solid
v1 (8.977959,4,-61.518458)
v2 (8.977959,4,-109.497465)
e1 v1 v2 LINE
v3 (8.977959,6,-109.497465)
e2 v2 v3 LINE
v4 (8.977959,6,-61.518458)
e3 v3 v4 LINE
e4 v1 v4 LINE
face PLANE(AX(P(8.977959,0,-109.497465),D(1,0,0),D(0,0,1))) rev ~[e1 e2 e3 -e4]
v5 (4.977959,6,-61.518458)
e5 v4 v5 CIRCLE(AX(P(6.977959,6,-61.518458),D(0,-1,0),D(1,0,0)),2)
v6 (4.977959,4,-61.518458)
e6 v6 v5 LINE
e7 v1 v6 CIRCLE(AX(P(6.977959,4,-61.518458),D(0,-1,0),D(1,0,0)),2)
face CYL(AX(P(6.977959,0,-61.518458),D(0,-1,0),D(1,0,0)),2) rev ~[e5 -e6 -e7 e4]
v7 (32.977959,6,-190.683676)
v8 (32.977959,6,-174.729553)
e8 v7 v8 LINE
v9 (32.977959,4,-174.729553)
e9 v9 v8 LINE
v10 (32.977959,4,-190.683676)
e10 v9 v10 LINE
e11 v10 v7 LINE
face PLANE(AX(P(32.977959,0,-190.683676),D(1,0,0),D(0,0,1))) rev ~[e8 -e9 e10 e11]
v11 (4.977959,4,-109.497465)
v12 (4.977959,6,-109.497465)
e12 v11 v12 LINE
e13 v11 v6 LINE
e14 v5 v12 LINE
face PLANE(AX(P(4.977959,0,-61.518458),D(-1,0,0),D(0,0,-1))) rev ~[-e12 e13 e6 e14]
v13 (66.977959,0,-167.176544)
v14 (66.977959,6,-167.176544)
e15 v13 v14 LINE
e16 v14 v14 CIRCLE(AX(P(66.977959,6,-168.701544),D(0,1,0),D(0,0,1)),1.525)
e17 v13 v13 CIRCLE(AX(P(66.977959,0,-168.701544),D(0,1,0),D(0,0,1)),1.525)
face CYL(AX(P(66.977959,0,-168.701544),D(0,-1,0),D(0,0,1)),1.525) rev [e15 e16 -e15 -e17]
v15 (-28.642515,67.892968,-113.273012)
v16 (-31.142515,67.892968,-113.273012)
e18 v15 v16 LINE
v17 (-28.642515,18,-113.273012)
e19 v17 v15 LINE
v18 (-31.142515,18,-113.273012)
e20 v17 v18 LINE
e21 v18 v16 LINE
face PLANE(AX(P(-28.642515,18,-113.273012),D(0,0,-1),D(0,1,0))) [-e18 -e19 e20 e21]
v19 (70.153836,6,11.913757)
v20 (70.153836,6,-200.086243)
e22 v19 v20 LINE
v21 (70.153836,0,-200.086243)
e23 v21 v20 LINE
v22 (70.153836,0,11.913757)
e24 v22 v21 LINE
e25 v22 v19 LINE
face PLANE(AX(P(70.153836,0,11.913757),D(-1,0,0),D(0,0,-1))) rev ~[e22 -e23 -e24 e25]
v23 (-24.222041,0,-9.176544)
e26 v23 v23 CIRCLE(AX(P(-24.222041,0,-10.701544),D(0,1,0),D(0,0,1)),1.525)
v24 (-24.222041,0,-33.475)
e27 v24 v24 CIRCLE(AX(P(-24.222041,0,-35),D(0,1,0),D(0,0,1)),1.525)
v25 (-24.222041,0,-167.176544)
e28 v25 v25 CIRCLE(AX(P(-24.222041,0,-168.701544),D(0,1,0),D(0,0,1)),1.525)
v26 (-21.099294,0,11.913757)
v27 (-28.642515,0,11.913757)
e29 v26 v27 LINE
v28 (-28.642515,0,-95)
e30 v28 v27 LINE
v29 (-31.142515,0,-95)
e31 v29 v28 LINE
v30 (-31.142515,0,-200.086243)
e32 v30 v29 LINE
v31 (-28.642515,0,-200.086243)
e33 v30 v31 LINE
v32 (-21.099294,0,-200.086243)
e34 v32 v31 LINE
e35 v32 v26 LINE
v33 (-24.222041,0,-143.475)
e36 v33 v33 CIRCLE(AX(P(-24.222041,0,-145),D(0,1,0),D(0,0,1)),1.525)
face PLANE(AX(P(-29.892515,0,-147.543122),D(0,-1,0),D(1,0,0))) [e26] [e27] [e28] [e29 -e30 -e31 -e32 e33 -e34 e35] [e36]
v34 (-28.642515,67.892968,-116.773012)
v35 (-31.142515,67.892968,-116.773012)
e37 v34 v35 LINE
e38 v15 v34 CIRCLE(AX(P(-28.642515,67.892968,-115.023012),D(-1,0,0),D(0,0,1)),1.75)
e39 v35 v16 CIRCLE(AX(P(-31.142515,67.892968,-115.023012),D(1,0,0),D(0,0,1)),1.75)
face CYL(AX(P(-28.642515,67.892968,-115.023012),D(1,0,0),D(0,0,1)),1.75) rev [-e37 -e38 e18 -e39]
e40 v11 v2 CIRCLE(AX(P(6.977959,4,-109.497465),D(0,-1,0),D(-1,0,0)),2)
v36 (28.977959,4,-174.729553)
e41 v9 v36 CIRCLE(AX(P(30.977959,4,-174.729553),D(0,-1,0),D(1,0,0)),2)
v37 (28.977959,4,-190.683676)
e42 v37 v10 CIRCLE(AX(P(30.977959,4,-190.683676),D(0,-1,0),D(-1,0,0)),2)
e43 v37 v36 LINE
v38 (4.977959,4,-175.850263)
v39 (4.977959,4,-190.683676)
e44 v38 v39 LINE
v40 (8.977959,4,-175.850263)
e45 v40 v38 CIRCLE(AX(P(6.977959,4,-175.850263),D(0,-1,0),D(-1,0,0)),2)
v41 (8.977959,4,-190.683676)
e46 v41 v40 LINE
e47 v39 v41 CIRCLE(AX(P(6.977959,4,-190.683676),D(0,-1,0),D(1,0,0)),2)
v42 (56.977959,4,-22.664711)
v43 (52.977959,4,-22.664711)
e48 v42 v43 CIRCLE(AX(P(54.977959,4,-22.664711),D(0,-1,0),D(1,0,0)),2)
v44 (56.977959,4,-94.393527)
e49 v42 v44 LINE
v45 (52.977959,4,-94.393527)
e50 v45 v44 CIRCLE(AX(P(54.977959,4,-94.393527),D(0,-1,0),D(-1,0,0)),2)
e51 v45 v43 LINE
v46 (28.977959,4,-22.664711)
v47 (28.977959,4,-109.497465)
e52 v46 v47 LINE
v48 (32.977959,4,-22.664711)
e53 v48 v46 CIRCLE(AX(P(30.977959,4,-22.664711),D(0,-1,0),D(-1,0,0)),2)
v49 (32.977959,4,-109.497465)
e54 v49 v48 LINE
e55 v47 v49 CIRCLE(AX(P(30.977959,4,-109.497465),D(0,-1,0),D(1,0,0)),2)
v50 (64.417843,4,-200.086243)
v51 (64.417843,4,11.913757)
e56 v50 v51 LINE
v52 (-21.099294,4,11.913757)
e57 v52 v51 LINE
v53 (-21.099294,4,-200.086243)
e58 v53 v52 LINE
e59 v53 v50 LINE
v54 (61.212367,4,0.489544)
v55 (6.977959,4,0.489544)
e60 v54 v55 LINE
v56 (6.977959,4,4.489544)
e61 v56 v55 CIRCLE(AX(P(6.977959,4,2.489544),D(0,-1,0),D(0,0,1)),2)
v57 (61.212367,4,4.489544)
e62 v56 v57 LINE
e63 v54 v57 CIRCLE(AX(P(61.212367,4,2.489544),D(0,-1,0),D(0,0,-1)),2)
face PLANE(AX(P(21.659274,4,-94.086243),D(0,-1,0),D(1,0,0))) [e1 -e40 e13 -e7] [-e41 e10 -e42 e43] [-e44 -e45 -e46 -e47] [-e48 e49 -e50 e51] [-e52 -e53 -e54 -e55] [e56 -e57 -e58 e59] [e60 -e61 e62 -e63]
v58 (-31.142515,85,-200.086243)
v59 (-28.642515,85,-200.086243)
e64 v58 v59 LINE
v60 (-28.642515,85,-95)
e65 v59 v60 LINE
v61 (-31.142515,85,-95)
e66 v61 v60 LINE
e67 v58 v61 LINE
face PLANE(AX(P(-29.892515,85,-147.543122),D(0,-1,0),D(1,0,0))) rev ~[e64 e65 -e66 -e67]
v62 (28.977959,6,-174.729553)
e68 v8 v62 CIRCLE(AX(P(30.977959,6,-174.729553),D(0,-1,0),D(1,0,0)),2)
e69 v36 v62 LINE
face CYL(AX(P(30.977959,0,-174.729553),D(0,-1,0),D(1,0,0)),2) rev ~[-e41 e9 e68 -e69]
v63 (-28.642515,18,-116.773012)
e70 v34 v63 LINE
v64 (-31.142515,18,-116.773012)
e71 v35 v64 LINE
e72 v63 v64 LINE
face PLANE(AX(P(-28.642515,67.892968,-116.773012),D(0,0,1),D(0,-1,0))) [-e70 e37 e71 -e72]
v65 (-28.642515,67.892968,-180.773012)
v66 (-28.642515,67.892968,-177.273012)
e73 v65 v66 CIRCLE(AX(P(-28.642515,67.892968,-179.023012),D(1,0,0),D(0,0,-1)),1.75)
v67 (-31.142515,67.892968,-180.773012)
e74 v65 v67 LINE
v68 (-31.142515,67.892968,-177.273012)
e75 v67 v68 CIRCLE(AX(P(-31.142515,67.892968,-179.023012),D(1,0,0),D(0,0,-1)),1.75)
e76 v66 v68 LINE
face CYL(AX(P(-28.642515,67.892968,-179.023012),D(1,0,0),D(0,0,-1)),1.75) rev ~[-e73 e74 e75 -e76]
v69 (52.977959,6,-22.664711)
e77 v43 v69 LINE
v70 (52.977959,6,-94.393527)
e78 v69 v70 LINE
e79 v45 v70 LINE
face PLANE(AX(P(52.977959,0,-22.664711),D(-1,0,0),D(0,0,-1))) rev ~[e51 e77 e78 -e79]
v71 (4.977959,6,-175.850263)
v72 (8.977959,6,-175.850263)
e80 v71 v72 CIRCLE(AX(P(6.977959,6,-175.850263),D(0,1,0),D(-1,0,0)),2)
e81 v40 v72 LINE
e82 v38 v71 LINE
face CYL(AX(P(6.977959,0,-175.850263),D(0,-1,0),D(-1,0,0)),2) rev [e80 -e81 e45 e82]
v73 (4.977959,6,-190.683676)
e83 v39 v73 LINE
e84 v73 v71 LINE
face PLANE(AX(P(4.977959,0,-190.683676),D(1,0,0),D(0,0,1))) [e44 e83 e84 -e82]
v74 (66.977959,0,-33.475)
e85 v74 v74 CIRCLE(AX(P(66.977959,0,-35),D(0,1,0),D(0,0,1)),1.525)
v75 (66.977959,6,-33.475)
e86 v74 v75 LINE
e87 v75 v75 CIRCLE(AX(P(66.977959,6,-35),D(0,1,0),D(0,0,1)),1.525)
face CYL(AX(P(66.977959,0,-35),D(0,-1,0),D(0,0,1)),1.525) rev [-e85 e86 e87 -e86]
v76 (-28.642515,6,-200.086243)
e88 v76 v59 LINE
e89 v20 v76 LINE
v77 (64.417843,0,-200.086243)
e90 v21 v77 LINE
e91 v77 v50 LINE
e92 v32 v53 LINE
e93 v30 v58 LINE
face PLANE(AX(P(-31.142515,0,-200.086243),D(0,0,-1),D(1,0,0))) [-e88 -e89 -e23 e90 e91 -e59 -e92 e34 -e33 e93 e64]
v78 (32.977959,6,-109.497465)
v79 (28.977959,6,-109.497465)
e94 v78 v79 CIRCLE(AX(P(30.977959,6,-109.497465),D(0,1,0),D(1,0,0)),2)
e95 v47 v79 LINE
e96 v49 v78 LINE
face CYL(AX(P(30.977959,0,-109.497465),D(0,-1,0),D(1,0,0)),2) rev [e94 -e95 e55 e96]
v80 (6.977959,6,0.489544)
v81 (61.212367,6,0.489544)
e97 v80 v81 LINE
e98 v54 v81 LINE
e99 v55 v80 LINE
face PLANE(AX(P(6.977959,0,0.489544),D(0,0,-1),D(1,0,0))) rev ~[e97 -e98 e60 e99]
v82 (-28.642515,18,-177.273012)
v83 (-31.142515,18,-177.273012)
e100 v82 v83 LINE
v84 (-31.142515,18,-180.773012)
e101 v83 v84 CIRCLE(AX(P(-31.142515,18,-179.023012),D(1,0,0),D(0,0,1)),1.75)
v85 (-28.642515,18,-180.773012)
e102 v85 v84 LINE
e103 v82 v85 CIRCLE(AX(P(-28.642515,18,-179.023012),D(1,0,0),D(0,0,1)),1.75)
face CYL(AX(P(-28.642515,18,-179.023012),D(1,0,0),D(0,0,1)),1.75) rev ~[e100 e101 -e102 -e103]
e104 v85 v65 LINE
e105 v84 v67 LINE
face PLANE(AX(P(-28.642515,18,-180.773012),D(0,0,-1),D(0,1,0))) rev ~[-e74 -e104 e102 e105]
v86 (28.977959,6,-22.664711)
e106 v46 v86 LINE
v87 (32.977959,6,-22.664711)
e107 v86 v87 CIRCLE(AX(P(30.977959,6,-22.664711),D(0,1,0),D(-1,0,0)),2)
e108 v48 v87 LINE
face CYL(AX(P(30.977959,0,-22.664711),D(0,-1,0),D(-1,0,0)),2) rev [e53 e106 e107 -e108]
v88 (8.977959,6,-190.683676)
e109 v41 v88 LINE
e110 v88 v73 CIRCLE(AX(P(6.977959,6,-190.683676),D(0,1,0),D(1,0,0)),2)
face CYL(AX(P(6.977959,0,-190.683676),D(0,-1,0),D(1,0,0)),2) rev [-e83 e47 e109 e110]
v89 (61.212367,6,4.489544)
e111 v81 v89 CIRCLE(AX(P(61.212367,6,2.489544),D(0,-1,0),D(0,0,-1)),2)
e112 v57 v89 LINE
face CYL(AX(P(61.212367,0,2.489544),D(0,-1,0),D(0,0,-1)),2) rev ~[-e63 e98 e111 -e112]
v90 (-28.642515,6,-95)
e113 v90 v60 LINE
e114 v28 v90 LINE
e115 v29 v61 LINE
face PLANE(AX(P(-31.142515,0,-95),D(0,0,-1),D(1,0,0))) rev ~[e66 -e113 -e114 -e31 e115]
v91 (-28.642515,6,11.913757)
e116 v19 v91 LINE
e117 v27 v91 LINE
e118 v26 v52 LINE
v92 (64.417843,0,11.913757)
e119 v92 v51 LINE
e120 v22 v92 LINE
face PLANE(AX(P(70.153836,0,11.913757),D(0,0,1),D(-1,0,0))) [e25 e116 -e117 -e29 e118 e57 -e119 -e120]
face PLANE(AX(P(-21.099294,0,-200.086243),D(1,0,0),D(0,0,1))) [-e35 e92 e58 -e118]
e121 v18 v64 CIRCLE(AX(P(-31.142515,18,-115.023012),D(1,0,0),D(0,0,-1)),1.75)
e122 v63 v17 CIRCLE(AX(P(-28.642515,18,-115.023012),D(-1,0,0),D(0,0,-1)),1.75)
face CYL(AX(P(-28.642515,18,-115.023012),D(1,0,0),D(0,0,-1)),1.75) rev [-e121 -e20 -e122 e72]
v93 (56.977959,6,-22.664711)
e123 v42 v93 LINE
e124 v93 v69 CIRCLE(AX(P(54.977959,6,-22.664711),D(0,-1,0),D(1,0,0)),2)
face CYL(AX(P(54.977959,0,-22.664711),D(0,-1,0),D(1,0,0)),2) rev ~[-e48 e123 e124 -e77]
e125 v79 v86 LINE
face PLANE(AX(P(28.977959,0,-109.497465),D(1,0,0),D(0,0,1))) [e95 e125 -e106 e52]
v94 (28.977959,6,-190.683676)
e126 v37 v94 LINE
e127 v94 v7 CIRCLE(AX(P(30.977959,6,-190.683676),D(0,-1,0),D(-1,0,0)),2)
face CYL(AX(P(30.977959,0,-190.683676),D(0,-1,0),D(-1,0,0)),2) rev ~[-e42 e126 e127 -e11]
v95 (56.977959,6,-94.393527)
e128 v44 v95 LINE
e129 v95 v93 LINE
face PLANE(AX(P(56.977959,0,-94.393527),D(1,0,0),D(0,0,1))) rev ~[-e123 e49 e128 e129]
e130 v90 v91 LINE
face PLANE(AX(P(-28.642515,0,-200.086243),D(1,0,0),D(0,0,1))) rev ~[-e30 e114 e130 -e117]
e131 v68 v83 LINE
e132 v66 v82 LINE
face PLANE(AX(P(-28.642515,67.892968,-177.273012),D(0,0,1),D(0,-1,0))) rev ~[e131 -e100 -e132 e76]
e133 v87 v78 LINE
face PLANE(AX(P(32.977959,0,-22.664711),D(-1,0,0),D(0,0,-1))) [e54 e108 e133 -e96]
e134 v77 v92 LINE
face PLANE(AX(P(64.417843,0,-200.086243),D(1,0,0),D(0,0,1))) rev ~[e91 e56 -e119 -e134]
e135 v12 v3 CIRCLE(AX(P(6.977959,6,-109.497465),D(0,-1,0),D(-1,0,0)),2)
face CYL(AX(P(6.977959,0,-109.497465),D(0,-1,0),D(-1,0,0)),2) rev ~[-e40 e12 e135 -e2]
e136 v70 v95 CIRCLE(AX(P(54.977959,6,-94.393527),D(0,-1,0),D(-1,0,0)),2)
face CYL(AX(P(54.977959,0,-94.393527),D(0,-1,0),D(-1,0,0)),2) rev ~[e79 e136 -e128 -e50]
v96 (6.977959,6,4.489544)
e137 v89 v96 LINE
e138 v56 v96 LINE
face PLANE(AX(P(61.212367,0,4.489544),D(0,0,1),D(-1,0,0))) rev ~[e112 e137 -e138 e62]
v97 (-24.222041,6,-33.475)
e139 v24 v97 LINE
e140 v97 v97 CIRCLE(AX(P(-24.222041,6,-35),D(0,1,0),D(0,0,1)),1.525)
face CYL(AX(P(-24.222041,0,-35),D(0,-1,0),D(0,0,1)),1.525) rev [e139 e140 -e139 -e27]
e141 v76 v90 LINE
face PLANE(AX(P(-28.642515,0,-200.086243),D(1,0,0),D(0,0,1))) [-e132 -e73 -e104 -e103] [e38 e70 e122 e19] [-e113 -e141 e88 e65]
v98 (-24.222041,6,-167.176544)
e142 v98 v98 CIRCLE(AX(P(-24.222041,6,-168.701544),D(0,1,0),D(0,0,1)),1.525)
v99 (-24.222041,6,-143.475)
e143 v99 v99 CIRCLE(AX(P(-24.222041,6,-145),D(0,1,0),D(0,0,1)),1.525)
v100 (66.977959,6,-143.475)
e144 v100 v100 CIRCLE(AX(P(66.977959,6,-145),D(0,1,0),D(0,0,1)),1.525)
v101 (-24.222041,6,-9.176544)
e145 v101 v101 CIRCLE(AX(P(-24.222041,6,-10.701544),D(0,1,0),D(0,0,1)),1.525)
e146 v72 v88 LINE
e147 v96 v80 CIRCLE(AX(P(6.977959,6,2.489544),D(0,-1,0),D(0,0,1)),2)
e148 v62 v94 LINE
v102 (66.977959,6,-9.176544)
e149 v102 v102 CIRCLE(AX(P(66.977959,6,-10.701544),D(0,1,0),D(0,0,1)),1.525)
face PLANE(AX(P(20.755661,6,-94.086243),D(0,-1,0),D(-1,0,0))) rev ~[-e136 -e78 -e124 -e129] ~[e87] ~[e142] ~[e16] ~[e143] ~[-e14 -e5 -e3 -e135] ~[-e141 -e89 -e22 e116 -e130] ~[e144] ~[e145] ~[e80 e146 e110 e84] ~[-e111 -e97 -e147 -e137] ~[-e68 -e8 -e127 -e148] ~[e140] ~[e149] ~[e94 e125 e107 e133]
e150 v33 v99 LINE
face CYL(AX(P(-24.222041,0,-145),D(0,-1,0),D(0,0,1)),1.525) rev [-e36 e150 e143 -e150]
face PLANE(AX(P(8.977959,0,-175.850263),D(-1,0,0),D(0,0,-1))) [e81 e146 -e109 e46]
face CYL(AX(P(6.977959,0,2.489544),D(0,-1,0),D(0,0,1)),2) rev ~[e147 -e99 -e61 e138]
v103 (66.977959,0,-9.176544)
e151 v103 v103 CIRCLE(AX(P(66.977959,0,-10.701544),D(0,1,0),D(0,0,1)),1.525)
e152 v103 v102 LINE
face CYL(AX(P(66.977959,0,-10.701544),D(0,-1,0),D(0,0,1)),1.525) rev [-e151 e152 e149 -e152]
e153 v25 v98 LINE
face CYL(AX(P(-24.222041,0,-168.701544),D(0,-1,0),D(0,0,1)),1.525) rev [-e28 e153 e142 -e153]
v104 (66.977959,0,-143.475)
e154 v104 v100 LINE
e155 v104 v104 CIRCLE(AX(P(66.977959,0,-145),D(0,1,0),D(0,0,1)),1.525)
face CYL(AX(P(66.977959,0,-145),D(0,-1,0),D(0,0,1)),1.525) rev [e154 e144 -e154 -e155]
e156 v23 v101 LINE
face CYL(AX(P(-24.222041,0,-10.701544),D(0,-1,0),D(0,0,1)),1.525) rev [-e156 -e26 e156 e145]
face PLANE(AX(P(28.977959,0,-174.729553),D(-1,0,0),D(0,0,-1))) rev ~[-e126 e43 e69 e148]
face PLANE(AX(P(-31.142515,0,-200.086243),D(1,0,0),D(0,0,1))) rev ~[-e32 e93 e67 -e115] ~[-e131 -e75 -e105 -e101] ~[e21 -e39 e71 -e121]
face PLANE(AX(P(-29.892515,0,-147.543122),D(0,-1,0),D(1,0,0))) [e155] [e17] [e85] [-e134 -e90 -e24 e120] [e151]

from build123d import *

# Parameters (mm, degrees)
SKETCH_1_R          = 1.525
EXTRUDE_1_DEPTH     = 6
SKETCH_4_W          = 2.5
SKETCH_4_H          = 105.086243491
EXTRUDE_3_DEPTH     = 85
CUT_EXTRUDE_1_DEPTH = 58
SKETCH_5_W          = 85.517137539
SKETCH_5_H          = 212
CUT_EXTRUDE_2_DEPTH = 4


with BuildPart() as part:
    # 草图1 → 凸台-拉伸1 (new body)
    with BuildSketch(Plane(origin=(0, 0, 0), x_dir=(1, 0, 0), z_dir=(0, 1, 0))):
        Polygon((0, 200.086243491), (70.15383623, 200.086243491), (70.15383623, 107.080558208), (70.15383623, -11.913756509), (-28.642514872, -11.913756509), (-28.642514872, 0.086243491), (-28.642514872, 200.086243491), (-10.033645843, 200.086243491), align=None)
        with Locations(Location((-24.222040848, 145, 0), (0, 0, 270))):
            Circle(SKETCH_1_R, mode=Mode.SUBTRACT)
        with Locations(Location((66.977959152, 145, 0), (0, 0, 270))):
            Circle(SKETCH_1_R, mode=Mode.SUBTRACT)
        with Locations(Location((66.977959152, 35, 0), (0, 0, 270))):
            Circle(SKETCH_1_R, mode=Mode.SUBTRACT)
        with Locations(Location((-24.222040848, 35, 0), (0, 0, 270))):
            Circle(SKETCH_1_R, mode=Mode.SUBTRACT)
        with Locations(Location((-24.222040848, 10.701543846, 0), (0, 0, 270))):
            Circle(SKETCH_1_R, mode=Mode.SUBTRACT)
        with Locations(Location((66.977959152, 10.701543846, 0), (0, 0, 270))):
            Circle(SKETCH_1_R, mode=Mode.SUBTRACT)
        with Locations(Location((66.977959152, 168.701543846, 0), (0, 0, 270))):
            Circle(SKETCH_1_R, mode=Mode.SUBTRACT)
        with Locations(Location((-24.222040848, 168.701543846, 0), (0, 0, 270))):
            Circle(SKETCH_1_R, mode=Mode.SUBTRACT)
        with BuildLine():
            Line((61.212367219, -4.489544392), (6.977959152, -4.489544392))
            ThreePointArc((6.977959152, -4.489544392), (4.977959152, -2.489544392), (6.977959152, -0.489544392))
            Line((6.977959152, -0.489544392), (8.977959152, -0.489544392))
            Line((8.977959152, -0.489544392), (28.977959152, -0.489544392))
            Line((28.977959152, -0.489544392), (32.977959152, -0.489544392))
            Line((32.977959152, -0.489544392), (52.977959152, -0.489544392))
            Line((52.977959152, -0.489544392), (56.977959152, -0.489544392))
            Line((56.977959152, -0.489544392), (61.212367219, -0.489544392))
            ThreePointArc((61.212367219, -0.489544392), (63.212367219, -2.489544392), (61.212367219, -4.489544392))
        make_face(mode=Mode.SUBTRACT)
        with BuildLine():
            Line((8.977959152, 109.497464931), (8.977959152, 61.518458116))
            ThreePointArc((8.977959152, 61.518458116), (6.977959152, 59.518458116), (4.977959152, 61.518458116))
            Line((4.977959152, 61.518458116), (4.977959152, 109.497464931))
            ThreePointArc((4.977959152, 109.497464931), (6.977959152, 111.497464931), (8.977959152, 109.497464931))
        make_face(mode=Mode.SUBTRACT)
        with BuildLine():
            Line((4.977959152, 190.683676085), (4.977959152, 175.850262547))
            ThreePointArc((4.977959152, 175.850262547), (6.977959152, 173.850262547), (8.977959152, 175.850262547))
            Line((8.977959152, 175.850262547), (8.977959152, 190.683676085))
            ThreePointArc((8.977959152, 190.683676085), (6.977959152, 192.683676085), (4.977959152, 190.683676085))
        make_face(mode=Mode.SUBTRACT)
        with BuildLine():
            Line((32.977959152, 190.683676085), (32.977959152, 174.729552713))
            ThreePointArc((32.977959152, 174.729552713), (30.977959152, 172.729552713), (28.977959152, 174.729552713))
            Line((28.977959152, 174.729552713), (28.977959152, 190.683676085))
            ThreePointArc((28.977959152, 190.683676085), (30.977959152, 192.683676085), (32.977959152, 190.683676085))
        make_face(mode=Mode.SUBTRACT)
        with BuildLine():
            Line((56.977959152, 94.393526779), (56.977959152, 22.664710655))
            ThreePointArc((56.977959152, 22.664710655), (54.977959152, 20.664710655), (52.977959152, 22.664710655))
            Line((52.977959152, 22.664710655), (52.977959152, 94.393526779))
            ThreePointArc((52.977959152, 94.393526779), (54.977959152, 96.393526779), (56.977959152, 94.393526779))
        make_face(mode=Mode.SUBTRACT)
        with BuildLine():
            Line((28.977959152, 109.497464931), (28.977959152, 22.664710655))
            ThreePointArc((28.977959152, 22.664710655), (30.977959152, 20.664710655), (32.977959152, 22.664710655))
            Line((32.977959152, 22.664710655), (32.977959152, 109.497464931))
            ThreePointArc((32.977959152, 109.497464931), (30.977959152, 111.497464931), (28.977959152, 109.497464931))
        make_face(mode=Mode.SUBTRACT)
    extrude(amount=EXTRUDE_1_DEPTH)

    # 草图4 → 凸台-拉伸3 (add)
    with BuildSketch(Plane.XZ):
        with Locations((-29.892514872, -147.543121746)):
            Rectangle(SKETCH_4_W, SKETCH_4_H)
    extrude(amount=-EXTRUDE_3_DEPTH)

    # 草图3 → 切除-拉伸1 (cut)
    with BuildSketch(Plane(origin=(-28.642514872, 0, 0), x_dir=(0, 0, -1), z_dir=(1, 0, 0))):
        with BuildLine():
            Line((113.273012401, 18), (113.273012401, 67.892967917))
            ThreePointArc((113.273012401, 67.892967917), (115.023012401, 69.642967917), (116.773012401, 67.892967917))
            Line((116.773012401, 67.892967917), (116.773012401, 18))
            ThreePointArc((116.773012401, 18), (115.023012401, 16.25), (113.273012401, 18))
        make_face()
        with BuildLine():
            Line((180.773012401, 18), (180.773012401, 67.892967917))
            ThreePointArc((180.773012401, 67.892967917), (179.023012401, 69.642967917), (177.273012401, 67.892967917))
            Line((177.273012401, 67.892967917), (177.273012401, 18))
            ThreePointArc((177.273012401, 18), (179.023012401, 16.25), (180.773012401, 18))
        make_face()
    extrude(amount=-CUT_EXTRUDE_1_DEPTH, mode=Mode.SUBTRACT)

    # 草图5 → 切除-拉伸2 (cut)
    with BuildSketch(Plane.XZ):
        with Locations((21.659274281, -94.086243491)):
            Rectangle(SKETCH_5_W, SKETCH_5_H)
    extrude(amount=-CUT_EXTRUDE_2_DEPTH, mode=Mode.SUBTRACT)


solid = part.part
